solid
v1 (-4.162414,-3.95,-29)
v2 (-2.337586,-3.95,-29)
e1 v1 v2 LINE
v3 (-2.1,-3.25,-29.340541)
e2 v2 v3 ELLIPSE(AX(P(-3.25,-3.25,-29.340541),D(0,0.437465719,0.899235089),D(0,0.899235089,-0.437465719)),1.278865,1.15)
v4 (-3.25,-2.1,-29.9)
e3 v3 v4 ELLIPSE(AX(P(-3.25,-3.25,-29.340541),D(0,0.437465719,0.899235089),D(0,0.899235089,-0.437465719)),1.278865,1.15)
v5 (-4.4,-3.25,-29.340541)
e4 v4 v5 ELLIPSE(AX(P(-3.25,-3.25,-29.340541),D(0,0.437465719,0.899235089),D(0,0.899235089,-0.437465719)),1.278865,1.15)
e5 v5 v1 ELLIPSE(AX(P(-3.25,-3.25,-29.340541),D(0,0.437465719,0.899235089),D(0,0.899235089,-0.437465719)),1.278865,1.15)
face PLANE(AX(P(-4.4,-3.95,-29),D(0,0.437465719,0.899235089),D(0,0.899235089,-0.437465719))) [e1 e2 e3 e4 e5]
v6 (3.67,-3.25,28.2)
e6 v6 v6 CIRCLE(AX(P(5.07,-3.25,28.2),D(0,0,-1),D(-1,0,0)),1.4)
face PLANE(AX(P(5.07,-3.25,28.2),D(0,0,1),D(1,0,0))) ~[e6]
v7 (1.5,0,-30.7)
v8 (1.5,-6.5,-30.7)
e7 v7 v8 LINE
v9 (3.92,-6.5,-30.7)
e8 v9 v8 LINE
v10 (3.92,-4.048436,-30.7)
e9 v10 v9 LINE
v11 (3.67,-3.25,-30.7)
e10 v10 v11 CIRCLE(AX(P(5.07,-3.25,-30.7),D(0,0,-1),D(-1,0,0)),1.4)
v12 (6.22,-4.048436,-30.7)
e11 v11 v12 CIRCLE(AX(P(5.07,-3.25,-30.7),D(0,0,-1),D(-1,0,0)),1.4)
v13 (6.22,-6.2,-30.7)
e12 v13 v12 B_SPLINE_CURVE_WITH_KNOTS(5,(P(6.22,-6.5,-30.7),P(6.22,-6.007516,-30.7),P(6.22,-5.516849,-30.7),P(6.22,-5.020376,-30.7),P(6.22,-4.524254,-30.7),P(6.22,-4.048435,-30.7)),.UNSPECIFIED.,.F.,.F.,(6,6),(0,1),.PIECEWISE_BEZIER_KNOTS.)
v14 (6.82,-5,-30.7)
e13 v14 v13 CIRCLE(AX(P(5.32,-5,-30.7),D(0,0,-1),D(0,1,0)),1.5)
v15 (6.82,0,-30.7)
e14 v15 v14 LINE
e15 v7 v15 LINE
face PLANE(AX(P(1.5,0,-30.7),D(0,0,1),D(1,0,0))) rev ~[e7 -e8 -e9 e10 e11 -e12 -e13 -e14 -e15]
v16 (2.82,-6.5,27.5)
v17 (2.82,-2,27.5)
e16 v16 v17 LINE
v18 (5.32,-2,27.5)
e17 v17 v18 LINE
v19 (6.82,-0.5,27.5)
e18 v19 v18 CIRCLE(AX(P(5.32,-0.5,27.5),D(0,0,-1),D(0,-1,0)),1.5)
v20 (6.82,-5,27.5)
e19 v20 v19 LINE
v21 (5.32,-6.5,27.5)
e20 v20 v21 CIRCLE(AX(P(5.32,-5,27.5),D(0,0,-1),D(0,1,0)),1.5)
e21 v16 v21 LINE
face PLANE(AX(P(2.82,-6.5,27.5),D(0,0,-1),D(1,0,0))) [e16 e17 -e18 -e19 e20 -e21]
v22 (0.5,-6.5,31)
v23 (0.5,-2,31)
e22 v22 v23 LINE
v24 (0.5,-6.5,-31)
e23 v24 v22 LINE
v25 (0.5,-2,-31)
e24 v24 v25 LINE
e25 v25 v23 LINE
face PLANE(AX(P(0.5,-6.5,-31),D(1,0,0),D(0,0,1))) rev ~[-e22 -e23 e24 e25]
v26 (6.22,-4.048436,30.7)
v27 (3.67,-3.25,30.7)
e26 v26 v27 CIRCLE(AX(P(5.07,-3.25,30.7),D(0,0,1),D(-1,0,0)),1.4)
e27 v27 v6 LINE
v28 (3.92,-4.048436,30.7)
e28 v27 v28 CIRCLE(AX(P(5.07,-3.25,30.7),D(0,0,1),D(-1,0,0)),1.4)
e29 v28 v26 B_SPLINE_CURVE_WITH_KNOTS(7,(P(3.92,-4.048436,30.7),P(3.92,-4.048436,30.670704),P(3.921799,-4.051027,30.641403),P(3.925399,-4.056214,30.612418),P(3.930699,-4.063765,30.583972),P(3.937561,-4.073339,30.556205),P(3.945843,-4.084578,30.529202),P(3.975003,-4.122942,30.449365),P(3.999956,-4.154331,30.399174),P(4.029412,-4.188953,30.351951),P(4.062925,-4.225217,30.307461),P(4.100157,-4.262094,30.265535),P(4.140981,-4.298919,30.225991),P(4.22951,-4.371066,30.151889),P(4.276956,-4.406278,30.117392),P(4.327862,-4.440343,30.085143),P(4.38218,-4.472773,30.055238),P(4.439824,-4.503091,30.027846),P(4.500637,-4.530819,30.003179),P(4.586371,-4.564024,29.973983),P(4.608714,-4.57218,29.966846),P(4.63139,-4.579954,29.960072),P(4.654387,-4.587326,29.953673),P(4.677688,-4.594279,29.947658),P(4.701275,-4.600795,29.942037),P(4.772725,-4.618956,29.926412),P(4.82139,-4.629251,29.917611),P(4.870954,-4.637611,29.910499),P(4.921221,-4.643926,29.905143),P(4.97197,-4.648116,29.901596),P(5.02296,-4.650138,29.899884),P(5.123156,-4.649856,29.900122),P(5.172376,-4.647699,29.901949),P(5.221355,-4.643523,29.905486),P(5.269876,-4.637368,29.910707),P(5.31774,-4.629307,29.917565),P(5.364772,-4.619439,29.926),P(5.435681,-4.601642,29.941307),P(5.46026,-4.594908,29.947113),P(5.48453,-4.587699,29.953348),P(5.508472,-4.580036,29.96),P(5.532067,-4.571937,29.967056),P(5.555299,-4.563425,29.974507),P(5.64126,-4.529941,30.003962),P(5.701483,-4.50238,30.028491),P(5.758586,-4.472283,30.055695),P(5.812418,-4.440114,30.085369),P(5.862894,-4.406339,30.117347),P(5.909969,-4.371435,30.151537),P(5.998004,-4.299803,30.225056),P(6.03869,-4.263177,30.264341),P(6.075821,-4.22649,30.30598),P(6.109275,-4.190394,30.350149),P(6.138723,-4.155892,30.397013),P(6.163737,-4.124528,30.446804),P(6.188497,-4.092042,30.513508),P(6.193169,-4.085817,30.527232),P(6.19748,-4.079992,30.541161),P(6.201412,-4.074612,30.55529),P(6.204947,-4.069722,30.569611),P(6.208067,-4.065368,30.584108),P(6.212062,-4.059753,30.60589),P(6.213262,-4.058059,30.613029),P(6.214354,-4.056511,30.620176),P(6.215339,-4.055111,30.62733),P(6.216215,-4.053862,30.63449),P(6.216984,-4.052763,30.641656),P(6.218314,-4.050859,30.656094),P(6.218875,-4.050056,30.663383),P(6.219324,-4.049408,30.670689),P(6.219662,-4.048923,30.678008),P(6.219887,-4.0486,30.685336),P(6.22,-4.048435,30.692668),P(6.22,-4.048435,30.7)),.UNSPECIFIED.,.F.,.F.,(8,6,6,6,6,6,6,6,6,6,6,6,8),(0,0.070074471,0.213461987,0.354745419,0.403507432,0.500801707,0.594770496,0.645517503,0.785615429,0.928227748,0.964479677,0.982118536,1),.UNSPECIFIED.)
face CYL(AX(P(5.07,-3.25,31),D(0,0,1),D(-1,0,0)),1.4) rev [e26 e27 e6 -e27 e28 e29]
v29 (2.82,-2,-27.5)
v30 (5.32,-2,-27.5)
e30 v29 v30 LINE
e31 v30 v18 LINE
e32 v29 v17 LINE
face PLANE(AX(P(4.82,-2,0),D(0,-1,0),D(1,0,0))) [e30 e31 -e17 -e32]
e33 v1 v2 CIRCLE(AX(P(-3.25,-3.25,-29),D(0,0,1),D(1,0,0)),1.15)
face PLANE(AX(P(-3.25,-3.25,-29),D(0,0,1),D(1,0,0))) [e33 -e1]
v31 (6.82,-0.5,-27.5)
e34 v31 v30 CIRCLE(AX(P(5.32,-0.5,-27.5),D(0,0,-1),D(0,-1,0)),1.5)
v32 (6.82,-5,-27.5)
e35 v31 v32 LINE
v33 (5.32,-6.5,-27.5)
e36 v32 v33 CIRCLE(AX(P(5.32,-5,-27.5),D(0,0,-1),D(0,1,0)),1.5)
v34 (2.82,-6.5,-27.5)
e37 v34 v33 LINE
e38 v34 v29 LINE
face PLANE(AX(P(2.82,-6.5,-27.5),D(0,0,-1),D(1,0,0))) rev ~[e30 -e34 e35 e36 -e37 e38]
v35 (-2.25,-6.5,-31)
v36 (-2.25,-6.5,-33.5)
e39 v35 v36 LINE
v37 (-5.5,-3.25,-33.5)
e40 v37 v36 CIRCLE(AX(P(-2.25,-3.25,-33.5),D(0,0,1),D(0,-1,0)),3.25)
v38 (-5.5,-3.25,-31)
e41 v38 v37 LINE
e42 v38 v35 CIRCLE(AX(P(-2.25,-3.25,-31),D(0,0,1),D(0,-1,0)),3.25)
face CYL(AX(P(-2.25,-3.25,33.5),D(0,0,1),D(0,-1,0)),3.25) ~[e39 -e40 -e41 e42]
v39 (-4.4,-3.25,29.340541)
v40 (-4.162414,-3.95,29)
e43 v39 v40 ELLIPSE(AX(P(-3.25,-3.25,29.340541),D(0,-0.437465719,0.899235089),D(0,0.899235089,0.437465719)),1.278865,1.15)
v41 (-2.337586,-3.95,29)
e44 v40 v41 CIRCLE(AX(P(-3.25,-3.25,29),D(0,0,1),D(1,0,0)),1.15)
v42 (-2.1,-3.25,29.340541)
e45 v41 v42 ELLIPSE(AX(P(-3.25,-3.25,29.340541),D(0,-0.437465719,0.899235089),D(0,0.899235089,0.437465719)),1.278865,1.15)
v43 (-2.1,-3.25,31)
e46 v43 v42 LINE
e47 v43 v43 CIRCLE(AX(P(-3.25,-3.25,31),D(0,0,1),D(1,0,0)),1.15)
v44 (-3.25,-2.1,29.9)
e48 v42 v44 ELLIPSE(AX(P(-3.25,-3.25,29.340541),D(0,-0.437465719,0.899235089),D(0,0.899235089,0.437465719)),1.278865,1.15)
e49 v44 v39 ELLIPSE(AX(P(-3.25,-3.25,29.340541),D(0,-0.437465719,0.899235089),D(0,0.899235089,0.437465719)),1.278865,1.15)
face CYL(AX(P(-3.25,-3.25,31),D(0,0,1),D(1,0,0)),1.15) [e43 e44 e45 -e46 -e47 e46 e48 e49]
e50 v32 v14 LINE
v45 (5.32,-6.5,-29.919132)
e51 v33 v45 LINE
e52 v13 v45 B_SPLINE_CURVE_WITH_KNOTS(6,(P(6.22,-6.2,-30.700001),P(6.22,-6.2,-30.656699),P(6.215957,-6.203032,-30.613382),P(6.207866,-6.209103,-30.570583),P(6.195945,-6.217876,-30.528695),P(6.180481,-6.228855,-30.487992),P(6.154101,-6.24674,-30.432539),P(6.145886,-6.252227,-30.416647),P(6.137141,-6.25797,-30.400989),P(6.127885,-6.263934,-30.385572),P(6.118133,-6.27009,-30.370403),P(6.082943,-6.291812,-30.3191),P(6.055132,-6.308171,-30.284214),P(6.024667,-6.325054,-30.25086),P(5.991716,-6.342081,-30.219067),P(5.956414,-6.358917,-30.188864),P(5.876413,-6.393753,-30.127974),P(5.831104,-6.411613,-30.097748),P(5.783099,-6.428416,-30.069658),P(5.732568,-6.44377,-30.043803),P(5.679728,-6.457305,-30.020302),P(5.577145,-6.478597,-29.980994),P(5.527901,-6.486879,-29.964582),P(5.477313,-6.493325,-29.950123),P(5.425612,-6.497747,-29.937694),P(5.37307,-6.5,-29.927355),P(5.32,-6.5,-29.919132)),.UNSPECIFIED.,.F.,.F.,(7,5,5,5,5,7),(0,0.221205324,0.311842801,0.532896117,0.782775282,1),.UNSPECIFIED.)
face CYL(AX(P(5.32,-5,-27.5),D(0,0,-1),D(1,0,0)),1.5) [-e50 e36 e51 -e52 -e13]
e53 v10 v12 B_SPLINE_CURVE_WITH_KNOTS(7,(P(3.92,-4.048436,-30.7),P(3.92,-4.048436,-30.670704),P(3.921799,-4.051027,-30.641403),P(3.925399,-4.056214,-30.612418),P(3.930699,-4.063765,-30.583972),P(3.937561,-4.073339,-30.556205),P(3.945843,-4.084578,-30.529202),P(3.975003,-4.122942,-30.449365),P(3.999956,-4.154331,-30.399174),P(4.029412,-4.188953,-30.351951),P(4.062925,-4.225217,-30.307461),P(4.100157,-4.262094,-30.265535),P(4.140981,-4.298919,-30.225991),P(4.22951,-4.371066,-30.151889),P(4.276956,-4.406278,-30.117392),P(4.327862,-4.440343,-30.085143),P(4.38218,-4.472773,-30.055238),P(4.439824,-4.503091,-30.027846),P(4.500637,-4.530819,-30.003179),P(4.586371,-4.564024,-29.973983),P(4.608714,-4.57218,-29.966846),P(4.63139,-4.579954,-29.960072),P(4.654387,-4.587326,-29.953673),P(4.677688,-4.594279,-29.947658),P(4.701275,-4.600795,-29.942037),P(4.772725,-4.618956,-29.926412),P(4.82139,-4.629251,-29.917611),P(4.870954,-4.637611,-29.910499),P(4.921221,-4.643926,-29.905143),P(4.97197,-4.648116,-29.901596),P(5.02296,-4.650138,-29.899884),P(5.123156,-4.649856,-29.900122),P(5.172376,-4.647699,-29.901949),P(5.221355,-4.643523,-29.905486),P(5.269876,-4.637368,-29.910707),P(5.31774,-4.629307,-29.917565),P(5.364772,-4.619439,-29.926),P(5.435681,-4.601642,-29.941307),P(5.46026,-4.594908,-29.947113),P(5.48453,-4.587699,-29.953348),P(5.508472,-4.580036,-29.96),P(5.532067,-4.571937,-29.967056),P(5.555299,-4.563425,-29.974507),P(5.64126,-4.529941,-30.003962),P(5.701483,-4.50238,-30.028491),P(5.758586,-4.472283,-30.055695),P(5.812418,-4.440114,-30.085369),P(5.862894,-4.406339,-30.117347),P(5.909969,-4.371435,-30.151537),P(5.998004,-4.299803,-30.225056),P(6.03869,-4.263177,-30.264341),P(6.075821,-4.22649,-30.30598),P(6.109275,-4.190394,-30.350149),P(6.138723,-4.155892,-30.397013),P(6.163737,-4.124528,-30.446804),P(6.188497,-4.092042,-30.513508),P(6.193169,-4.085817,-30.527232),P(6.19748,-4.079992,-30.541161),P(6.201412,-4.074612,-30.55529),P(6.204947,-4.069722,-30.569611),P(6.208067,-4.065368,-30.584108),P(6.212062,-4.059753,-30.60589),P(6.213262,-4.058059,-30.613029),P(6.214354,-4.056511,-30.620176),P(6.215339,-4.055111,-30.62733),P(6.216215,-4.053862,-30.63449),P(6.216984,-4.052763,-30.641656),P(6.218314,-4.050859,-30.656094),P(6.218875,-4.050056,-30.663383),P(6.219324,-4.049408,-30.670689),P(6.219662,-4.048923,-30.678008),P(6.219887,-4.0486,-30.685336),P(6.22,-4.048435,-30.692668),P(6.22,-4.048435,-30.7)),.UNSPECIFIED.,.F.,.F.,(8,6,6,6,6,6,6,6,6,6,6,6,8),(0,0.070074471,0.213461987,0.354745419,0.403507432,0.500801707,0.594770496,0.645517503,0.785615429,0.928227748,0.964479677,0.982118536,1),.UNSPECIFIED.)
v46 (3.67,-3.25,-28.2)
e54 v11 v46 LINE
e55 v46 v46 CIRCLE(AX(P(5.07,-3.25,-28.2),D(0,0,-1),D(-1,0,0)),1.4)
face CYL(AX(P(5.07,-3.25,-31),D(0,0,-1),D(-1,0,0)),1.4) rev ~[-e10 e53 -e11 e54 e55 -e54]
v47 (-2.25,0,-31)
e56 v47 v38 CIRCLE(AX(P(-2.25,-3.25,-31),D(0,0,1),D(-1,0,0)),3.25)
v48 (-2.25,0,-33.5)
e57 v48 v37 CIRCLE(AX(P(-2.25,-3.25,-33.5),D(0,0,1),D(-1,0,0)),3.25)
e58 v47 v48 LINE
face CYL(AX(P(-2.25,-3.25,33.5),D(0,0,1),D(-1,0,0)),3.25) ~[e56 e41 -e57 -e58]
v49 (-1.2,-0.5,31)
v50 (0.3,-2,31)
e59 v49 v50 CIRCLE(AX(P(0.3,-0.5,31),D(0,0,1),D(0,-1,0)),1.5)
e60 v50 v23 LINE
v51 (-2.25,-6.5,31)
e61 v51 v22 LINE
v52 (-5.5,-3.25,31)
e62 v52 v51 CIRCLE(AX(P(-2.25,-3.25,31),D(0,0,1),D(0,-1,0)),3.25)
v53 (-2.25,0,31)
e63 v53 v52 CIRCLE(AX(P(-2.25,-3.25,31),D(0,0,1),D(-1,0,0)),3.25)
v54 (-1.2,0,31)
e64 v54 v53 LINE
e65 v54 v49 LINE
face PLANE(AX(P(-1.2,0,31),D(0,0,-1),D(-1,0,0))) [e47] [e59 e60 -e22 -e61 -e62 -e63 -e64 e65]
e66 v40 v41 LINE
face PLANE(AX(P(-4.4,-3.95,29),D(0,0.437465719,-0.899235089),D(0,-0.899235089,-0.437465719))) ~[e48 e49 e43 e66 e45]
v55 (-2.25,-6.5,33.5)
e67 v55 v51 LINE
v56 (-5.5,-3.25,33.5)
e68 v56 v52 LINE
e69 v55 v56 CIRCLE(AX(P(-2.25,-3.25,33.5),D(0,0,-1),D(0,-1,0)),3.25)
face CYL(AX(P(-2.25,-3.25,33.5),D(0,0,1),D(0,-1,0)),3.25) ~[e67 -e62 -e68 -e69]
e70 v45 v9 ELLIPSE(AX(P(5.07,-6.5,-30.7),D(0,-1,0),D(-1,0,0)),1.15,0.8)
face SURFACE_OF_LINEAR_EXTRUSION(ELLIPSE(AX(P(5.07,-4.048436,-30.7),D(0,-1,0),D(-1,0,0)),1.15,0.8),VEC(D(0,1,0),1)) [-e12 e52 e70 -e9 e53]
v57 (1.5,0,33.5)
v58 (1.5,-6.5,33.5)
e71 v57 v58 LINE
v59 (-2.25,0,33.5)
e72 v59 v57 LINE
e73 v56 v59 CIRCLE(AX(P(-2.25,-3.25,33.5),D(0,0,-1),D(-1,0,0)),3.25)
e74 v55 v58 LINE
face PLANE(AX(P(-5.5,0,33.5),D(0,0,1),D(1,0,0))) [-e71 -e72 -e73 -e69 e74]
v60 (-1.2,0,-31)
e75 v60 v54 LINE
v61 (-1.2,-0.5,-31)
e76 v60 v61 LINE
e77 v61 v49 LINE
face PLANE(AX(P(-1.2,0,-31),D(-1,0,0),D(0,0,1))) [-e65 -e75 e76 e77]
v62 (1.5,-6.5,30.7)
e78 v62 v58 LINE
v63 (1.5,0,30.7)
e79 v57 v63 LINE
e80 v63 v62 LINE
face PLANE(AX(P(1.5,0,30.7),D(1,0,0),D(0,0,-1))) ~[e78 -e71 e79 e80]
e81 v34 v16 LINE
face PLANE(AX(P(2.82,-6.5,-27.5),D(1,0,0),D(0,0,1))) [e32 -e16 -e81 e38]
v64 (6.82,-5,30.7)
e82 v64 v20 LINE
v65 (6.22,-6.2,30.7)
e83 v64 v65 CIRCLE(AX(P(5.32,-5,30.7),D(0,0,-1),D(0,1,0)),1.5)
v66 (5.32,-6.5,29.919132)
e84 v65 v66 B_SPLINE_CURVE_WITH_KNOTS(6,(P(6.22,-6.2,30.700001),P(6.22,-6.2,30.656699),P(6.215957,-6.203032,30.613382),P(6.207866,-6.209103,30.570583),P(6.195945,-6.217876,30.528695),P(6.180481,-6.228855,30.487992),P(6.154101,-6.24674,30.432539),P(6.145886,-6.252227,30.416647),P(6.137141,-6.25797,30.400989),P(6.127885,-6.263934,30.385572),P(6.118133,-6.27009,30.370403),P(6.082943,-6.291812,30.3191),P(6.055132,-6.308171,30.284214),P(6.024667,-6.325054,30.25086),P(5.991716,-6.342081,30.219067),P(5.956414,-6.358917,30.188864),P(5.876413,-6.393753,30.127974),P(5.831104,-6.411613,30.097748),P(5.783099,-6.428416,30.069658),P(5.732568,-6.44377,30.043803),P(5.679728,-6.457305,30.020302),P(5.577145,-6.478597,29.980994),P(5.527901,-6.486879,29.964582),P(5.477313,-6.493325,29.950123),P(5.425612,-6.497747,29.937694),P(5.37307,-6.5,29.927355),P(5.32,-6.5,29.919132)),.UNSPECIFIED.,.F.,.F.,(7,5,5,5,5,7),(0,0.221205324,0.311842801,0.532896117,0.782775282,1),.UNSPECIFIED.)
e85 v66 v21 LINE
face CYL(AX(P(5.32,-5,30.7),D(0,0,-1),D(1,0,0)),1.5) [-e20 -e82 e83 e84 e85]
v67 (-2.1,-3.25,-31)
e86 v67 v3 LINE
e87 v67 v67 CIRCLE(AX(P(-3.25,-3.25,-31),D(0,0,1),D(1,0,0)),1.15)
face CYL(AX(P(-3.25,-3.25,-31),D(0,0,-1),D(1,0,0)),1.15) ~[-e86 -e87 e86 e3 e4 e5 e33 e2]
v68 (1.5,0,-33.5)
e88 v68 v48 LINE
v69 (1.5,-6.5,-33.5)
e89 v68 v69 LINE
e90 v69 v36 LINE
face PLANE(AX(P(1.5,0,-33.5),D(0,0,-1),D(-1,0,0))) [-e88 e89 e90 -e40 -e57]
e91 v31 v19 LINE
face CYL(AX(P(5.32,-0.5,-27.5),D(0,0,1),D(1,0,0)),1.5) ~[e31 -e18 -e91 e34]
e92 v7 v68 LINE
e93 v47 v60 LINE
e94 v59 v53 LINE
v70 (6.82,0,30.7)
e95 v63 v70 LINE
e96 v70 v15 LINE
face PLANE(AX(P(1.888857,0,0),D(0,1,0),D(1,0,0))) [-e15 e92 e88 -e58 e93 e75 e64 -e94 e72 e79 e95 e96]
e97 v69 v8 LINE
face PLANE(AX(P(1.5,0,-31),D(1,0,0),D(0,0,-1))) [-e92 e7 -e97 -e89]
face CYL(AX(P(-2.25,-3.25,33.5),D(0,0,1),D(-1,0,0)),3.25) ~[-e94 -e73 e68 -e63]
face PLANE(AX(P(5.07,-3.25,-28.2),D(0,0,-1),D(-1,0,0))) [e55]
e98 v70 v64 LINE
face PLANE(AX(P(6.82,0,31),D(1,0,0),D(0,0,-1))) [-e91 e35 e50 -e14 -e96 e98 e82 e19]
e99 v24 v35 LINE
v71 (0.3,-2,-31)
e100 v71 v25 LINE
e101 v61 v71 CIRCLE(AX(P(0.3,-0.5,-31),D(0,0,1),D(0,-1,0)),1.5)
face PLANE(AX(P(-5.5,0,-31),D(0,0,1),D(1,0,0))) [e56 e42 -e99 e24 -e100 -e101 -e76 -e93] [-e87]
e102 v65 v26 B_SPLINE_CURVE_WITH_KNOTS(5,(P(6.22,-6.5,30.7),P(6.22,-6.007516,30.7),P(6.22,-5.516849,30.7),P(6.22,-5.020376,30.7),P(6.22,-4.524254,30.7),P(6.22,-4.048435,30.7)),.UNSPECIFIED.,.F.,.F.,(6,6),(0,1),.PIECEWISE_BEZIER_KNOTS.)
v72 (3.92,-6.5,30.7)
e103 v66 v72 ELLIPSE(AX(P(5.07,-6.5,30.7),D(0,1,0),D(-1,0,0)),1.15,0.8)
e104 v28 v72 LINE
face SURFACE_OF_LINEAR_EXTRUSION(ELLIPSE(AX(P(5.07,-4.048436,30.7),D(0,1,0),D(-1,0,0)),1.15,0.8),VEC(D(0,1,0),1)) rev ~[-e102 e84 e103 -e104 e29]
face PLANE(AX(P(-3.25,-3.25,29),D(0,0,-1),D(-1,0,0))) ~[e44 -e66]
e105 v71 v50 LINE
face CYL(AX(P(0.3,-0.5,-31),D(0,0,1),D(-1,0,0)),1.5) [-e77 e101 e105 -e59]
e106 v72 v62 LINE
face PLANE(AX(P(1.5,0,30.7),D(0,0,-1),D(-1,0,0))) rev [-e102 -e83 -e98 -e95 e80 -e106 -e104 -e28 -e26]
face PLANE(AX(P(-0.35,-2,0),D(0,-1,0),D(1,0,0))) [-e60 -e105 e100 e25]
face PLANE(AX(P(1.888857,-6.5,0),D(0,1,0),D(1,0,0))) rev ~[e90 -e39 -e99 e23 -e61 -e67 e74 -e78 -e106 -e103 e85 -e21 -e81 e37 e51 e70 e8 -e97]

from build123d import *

# Parameters (mm, degrees)
BOSS_EXTRUDE1_DEPTH = 6.5
CUT_EXTRUDE3_DEPTH  = 68.659163459
SKETCH4_W           = 4
SKETCH4_H           = 55
SKETCH4_W_2         = 1.7
SKETCH4_H_2         = 62
CUT_EXTRUDE4_DEPTH  = 4.5
SKETCH5_R           = 1.15
BOSS_EXTRUDE2_DEPTH = 2
FILLET1_R           = 1.5
CUT_EXTRUDE5_REACH  = 36.8
SKETCH7_W           = 5.32
SKETCH7_H           = 0.3
SKETCH6_R           = 1.4
CUT_EXTRUDE6_DEPTH  = 2.8
FILLET2_R           = 1.5
FILLET3_R           = 1.5
CUT_EXTRUDE7_REACH  = 37.922
CUT_EXTRUDE8_START  = -2.451564
SKETCH10_RX         = 1.15
SKETCH10_RY         = 0.8
CUT_EXTRUDE8_DEPTH  = 2.451564


with BuildPart() as part:
    # Sketch1 → Boss-Extrude1 (new body)
    with BuildSketch(Plane(origin=(0, 0, 0), x_dir=(1, 0, 0), z_dir=(0, 1, 0))):
        Polygon((1.5, -31), (6.82, -31), (6.82, 31), (1.5, 31), (1.5, 33.5), (-5.5, 33.5), (-5.5, 31), (-1.2, 31), (-1.2, -31), (-5.5, -31), (-5.5, -33.5), (1.5, -33.5), align=None)
    extrude(amount=-BOSS_EXTRUDE1_DEPTH)

    # Sketch3 → Cut-Extrude3 (cut, through all)
    with BuildSketch(Plane.XY.offset(33.5)):
        with BuildLine():
            Line((-5.5, 0), (-5.5, -3.25))
            ThreePointArc((-5.5, -3.25), (-4.548097039, -0.951902961), (-2.25, 0))
            Line((-2.25, 0), (-5.5, 0))
        make_face()
        with BuildLine():
            Line((-5.5, -6.5), (-2.25, -6.5))
            ThreePointArc((-2.25, -6.5), (-4.548097039, -5.548097039), (-5.5, -3.25))
            Line((-5.5, -3.25), (-5.5, -6.5))
        make_face()
    extrude(amount=-CUT_EXTRUDE3_DEPTH, mode=Mode.SUBTRACT)

    # Sketch4 → Cut-Extrude4 (cut)
    with BuildSketch(Plane.XZ.offset(6.5)):
        with Locations((4.82, 0)):
            Rectangle(SKETCH4_W, SKETCH4_H)
        with Locations((-0.35, 0)):
            Rectangle(SKETCH4_W_2, SKETCH4_H_2)
    extrude(amount=-CUT_EXTRUDE4_DEPTH, mode=Mode.SUBTRACT)

    # Sketch5 → Boss-Extrude2 (add)
    with BuildSketch(Plane.XY.offset(-31)):
        with Locations((-3.25, -3.25)):
            Circle(SKETCH5_R)
    boss_extrude2 = extrude(amount=BOSS_EXTRUDE2_DEPTH)

    # Fillet1
    fillet1_edges = [part.edges().sort_by_distance(p)[0] for p in [
        (-1.2, -2, 0),
    ]]
    fillet(fillet1_edges, radius=FILLET1_R)

    # Sketch7 → Cut-Extrude5 (cut, up to next)
    with BuildSketch(Plane(origin=(0, 0, 0), x_dir=(1, 0, 0), z_dir=(0, 1, 0)), mode=Mode.PRIVATE) as cut_extrude5_sk1:
        with Locations((4.16, 30.85)):
            Rectangle(SKETCH7_W, SKETCH7_H)
    cut_extrude5_tool1 = extrude(cut_extrude5_sk1.sketch, amount=-CUT_EXTRUDE5_REACH, mode=Mode.PRIVATE) & part.part
    cut_extrude5 = cut_extrude5_tool1.solids().sort_by_distance((4.16, 0, -30.85))[0]
    add(cut_extrude5, mode=Mode.SUBTRACT)

    # Sketch6 → Cut-Extrude6 (cut)
    with BuildSketch(Plane(origin=(0, 0, -31), x_dir=(-1, 0, 0), z_dir=(0, 0, -1))):
        with Locations((-5.07, -3.25)):
            Circle(SKETCH6_R)
    cut_extrude6 = extrude(amount=-CUT_EXTRUDE6_DEPTH, mode=Mode.SUBTRACT)

    # Mirror2: Boss-Extrude2, Cut-Extrude5, Cut-Extrude6 across plane
    add(boss_extrude2.mirror(Plane.XY))
    add(cut_extrude5.mirror(Plane.XY), mode=Mode.SUBTRACT)
    add(cut_extrude6.mirror(Plane.XY), mode=Mode.SUBTRACT)

    # Fillet2
    fillet2_edges = [part.edges().sort_by_distance(p)[0] for p in [
        (6.82, -2, 0),
    ]]
    fillet(fillet2_edges, radius=FILLET2_R)

    # Fillet3
    fillet3_edges = [part.edges().sort_by_distance(p)[0] for p in [
        (6.82, -6.5, 29.1),
        (6.82, -6.5, -29.1),
    ]]
    fillet(fillet3_edges, radius=FILLET3_R)

    # Sketch9 → Cut-Extrude7 (cut, up to next)
    with BuildSketch(Plane.ZY.offset(4.4), mode=Mode.PRIVATE) as cut_extrude7_sk1:
        Polygon((-29, -3.95), (-29.9, -2.1), (-29, -2.1), align=None)
    cut_extrude7_tool1 = extrude(cut_extrude7_sk1.sketch, amount=-CUT_EXTRUDE7_REACH, mode=Mode.PRIVATE) & part.part
    cut_extrude7 = cut_extrude7_tool1.solids().sort_by_distance((-4.4, -2.716667, -29.3))[0]
    add(cut_extrude7, mode=Mode.SUBTRACT)

    # Sketch10 → Cut-Extrude8 (cut)
    with BuildSketch(Plane.XZ.offset(6.5).offset(CUT_EXTRUDE8_START)):
        with Locations(Location((5.07, -30.7), (0, 0, 180))):
            Ellipse(SKETCH10_RX, SKETCH10_RY)
    cut_extrude8 = extrude(amount=CUT_EXTRUDE8_DEPTH, mode=Mode.SUBTRACT)

    # Mirror3: Cut-Extrude7, Cut-Extrude8 across plane
    add(cut_extrude7.mirror(Plane.XY), mode=Mode.SUBTRACT)
    add(cut_extrude8.mirror(Plane.XY), mode=Mode.SUBTRACT)


solid = part.part
